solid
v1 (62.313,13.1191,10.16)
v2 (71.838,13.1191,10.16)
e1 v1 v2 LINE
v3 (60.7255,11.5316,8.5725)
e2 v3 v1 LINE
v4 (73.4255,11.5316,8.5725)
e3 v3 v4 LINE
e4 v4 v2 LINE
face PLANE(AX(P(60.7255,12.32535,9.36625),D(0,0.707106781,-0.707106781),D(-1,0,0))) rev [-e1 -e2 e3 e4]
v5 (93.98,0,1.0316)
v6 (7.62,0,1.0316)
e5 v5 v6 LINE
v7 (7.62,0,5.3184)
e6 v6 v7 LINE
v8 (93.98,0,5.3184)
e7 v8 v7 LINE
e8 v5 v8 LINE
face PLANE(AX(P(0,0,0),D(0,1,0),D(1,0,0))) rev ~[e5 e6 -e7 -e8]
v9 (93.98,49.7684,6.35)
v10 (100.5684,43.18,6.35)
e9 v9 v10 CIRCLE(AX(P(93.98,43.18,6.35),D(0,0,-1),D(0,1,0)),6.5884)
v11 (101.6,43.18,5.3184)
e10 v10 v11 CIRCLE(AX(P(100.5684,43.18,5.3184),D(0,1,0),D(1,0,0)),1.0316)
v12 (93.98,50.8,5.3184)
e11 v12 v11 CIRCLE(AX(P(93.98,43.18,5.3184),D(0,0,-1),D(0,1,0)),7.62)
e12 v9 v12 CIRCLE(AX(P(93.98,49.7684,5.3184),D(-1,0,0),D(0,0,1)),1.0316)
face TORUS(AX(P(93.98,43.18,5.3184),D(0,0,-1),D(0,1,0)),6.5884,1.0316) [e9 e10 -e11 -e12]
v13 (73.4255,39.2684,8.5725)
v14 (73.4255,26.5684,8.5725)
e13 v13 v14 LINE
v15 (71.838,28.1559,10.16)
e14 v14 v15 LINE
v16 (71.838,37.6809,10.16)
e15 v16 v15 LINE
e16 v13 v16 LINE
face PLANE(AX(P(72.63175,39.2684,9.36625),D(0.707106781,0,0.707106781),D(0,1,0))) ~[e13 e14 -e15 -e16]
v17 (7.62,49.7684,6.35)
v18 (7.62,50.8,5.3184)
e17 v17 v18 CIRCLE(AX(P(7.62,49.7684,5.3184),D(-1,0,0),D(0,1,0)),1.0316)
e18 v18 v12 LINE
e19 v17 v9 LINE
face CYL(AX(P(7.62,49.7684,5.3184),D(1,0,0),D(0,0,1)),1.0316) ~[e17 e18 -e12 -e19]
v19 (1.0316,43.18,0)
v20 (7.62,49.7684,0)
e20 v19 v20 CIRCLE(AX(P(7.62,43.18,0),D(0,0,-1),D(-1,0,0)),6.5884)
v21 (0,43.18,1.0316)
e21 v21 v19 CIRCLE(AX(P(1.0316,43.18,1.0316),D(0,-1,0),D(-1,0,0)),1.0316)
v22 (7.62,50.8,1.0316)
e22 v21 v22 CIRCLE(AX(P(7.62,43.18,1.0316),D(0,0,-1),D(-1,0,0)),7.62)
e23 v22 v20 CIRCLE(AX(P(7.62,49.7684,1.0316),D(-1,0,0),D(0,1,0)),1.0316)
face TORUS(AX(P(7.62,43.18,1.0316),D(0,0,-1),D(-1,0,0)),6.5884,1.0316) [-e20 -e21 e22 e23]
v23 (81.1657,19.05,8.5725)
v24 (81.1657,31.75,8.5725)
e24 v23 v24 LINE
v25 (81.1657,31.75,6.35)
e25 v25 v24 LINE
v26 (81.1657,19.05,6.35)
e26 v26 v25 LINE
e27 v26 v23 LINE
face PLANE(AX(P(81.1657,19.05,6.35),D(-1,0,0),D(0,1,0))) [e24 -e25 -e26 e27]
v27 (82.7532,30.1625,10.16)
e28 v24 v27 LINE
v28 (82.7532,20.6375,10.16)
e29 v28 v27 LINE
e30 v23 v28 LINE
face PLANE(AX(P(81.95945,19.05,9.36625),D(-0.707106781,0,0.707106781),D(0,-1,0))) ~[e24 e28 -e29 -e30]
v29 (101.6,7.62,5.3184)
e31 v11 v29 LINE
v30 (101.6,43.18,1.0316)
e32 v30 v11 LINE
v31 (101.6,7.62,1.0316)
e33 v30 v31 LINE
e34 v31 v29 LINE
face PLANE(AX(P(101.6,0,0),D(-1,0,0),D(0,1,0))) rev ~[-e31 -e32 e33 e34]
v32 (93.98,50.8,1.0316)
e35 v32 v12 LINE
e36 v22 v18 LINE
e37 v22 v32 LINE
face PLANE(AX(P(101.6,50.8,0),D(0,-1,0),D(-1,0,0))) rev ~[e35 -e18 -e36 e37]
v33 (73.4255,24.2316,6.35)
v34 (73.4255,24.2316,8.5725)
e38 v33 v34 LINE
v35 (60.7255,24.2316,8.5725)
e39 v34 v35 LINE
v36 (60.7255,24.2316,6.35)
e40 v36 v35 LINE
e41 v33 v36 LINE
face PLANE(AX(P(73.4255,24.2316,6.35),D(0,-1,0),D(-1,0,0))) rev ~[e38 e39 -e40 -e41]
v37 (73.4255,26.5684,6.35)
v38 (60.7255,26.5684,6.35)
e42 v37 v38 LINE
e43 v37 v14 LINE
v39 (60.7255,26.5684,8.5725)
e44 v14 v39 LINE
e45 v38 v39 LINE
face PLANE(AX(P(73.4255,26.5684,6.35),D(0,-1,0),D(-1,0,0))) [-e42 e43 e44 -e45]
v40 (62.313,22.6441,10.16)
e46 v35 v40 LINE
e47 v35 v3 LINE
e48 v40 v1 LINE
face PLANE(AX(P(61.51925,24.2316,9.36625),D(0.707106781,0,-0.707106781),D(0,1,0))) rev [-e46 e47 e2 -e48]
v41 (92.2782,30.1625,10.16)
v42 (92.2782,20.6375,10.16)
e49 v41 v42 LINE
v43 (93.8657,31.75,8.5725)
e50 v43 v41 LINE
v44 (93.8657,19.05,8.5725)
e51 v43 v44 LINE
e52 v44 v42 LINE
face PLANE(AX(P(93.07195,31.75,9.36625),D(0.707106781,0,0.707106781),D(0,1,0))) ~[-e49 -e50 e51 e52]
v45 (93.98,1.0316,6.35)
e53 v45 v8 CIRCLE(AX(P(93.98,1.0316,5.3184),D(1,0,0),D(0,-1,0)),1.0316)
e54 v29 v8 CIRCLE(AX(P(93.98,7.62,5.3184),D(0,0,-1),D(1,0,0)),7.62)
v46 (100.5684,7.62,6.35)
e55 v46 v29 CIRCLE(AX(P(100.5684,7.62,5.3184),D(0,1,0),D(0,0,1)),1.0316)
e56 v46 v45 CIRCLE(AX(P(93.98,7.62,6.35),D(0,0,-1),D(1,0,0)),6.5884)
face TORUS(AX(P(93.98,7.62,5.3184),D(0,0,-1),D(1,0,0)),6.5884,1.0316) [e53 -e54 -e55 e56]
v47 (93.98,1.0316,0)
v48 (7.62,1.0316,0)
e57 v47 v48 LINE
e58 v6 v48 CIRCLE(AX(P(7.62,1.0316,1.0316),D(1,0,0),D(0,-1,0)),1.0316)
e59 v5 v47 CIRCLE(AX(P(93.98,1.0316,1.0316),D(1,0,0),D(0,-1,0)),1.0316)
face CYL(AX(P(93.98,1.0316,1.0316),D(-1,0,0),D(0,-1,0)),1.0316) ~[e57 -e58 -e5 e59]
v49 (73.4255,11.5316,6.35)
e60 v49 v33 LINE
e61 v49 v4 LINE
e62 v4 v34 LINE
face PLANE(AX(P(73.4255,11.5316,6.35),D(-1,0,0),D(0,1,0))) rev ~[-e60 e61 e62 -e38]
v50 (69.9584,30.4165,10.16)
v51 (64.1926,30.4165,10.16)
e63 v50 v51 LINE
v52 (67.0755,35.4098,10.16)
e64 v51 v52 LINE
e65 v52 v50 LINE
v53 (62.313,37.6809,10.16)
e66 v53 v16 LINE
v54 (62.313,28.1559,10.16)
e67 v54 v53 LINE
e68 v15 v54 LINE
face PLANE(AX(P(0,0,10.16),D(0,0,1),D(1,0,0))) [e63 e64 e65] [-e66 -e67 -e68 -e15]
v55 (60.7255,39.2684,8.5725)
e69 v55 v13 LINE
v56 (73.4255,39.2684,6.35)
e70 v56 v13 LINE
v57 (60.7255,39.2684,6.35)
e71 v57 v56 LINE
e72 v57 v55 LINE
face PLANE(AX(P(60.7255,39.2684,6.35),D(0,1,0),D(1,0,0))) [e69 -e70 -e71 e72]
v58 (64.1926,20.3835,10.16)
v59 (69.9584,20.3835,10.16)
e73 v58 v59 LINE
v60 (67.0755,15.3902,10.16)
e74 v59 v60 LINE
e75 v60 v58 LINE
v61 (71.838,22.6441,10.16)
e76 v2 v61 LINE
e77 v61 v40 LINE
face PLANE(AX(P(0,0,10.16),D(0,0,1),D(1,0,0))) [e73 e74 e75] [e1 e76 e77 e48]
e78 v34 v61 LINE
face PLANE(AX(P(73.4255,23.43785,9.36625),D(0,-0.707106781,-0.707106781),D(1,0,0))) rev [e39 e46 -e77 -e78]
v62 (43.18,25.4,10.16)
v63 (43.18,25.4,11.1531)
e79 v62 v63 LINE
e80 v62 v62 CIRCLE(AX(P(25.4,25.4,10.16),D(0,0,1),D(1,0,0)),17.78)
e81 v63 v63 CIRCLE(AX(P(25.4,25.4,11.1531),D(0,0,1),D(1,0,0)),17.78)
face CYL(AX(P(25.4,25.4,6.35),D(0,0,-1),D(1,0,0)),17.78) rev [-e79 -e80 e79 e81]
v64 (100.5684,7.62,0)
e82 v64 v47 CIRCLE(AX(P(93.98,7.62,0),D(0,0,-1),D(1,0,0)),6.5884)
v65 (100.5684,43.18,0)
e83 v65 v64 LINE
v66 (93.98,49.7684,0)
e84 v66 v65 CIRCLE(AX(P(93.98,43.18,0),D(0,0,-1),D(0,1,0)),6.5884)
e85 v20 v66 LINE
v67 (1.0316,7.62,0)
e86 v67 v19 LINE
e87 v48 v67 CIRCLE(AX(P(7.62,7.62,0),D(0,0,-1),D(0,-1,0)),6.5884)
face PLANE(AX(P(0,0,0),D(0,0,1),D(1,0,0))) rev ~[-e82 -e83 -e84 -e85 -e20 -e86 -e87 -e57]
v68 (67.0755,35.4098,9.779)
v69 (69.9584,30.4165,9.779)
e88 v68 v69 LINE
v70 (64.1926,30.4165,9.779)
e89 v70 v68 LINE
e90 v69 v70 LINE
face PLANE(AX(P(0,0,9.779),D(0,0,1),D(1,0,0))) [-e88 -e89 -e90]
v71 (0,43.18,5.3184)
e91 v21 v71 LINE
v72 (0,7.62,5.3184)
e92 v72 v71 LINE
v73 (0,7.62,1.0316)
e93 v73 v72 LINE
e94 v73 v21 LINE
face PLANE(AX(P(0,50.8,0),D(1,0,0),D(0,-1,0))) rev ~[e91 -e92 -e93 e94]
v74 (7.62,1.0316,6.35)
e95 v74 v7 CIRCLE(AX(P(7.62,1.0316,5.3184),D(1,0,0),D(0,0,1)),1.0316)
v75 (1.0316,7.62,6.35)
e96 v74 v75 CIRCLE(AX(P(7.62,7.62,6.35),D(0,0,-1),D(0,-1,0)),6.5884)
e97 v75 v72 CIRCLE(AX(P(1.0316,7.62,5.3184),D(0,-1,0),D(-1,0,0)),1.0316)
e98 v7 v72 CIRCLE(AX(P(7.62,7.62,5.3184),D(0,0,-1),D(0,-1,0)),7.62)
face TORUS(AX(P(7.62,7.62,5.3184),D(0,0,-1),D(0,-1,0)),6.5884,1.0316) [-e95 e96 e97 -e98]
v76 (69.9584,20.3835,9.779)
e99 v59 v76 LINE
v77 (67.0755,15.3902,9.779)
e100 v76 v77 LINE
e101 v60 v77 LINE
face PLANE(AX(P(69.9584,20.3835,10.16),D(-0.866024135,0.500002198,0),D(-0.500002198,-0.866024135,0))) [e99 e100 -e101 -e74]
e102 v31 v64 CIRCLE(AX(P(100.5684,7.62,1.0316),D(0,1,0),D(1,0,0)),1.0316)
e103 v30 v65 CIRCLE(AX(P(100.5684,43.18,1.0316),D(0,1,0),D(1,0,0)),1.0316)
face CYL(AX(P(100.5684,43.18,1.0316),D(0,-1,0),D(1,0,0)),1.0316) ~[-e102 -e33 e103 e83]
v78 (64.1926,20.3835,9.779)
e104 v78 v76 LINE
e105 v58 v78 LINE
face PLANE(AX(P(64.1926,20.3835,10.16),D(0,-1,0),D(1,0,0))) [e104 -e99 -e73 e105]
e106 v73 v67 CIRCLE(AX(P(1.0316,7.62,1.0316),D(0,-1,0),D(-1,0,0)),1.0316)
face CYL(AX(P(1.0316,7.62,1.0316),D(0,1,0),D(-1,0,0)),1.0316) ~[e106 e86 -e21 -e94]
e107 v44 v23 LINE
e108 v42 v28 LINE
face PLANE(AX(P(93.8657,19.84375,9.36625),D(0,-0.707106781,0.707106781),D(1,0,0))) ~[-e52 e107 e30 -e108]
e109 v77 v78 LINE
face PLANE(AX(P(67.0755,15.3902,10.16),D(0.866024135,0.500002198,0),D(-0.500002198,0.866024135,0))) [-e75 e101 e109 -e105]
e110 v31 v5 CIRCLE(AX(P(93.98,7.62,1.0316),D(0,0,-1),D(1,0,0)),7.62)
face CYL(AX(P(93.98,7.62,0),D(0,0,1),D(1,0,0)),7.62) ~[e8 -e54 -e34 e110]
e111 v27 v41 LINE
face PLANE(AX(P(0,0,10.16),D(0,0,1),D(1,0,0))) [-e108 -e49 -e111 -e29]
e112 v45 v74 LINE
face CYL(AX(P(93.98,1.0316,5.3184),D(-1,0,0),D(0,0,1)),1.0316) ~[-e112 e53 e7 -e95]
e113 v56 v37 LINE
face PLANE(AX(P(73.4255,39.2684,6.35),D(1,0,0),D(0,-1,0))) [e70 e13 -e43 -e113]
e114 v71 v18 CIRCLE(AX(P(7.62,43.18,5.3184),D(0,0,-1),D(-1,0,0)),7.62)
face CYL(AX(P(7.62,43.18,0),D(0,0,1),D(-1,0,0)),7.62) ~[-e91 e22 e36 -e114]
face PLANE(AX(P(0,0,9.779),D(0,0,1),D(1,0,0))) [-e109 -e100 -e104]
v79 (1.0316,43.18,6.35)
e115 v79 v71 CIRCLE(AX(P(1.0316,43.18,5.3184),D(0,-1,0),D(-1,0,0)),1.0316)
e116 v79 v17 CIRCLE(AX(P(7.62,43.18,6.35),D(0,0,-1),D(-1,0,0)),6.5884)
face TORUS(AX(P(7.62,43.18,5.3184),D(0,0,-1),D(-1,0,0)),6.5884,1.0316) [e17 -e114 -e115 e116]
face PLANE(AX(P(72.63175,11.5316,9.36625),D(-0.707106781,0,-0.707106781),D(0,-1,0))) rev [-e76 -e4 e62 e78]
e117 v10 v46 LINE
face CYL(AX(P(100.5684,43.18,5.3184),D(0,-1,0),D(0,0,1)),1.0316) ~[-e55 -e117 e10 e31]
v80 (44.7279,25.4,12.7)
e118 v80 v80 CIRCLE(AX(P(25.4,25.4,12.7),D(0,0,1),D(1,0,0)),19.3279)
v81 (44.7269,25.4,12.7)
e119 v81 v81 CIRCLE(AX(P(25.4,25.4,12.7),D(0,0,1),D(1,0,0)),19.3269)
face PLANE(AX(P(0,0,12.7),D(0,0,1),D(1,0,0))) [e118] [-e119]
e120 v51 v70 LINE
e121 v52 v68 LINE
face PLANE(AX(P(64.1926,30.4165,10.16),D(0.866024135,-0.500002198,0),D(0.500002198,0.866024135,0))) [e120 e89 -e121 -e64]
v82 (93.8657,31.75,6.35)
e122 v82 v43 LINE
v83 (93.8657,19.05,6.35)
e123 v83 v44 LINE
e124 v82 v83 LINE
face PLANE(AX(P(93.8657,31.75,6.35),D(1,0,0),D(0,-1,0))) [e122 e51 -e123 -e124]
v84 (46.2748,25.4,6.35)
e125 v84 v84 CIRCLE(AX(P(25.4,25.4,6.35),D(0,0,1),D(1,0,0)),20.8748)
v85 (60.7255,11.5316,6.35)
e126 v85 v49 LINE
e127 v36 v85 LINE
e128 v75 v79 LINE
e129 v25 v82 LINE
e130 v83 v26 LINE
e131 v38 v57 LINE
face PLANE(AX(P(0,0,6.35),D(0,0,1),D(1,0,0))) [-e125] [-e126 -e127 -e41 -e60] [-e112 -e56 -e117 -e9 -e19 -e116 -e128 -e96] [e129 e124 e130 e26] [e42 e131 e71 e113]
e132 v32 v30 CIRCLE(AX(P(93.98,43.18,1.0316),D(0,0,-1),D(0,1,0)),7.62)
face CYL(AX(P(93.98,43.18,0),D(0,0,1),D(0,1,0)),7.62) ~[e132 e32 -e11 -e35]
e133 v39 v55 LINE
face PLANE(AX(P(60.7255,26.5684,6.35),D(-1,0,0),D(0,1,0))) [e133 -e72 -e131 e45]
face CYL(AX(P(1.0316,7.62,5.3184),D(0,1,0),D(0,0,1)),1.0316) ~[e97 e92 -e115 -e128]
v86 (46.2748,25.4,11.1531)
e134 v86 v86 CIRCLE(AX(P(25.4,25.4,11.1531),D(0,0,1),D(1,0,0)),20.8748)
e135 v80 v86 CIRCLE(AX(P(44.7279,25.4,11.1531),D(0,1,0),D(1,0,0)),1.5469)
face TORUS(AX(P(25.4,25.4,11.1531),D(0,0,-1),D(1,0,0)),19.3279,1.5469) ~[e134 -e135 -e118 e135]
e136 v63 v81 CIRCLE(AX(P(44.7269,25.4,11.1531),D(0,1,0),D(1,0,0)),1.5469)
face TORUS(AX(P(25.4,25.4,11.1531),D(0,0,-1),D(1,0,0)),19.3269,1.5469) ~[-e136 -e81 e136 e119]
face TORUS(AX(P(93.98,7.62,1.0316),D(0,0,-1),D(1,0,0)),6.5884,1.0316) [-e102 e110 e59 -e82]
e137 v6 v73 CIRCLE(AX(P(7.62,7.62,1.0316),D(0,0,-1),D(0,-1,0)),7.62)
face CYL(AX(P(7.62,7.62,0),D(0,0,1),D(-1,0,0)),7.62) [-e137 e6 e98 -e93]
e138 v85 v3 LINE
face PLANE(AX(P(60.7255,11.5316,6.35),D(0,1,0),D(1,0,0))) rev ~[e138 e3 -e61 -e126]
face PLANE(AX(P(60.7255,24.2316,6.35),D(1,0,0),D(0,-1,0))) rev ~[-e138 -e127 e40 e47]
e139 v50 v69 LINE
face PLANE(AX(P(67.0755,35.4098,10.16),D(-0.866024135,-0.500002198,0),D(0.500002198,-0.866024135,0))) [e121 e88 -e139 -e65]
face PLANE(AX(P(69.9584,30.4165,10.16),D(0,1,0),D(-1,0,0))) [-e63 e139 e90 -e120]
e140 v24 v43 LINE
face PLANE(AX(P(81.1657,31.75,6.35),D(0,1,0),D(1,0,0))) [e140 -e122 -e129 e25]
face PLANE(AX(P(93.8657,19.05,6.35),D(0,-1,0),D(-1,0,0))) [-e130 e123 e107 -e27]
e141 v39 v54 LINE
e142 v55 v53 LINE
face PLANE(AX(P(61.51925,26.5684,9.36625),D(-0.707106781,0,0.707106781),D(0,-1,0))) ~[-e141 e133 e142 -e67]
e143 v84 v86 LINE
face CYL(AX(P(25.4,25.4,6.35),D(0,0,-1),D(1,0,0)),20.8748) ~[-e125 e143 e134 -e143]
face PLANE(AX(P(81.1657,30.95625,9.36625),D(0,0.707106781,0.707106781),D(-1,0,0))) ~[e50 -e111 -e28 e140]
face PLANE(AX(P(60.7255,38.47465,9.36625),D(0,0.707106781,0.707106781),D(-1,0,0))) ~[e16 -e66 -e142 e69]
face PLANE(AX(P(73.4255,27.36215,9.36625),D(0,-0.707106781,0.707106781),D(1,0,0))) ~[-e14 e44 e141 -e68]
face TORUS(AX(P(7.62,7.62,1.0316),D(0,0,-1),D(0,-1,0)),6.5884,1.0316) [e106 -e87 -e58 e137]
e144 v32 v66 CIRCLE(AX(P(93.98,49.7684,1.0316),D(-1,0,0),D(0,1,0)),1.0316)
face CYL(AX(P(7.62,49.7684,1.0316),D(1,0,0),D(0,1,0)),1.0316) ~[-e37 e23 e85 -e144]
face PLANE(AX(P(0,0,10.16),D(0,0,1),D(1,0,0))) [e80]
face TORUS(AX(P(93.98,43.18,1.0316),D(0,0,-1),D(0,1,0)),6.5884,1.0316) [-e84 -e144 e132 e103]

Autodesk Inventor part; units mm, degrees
ref_plane "YZ Plane" through (0, 0, 0) normal (1, 0, 0) x (0, 1, 0)
ref_plane "XZ Plane" through (0, 0, 0) normal (0, 1, 0) x (-1, 0, 0)
ref_plane "XY Plane" through (0, 0, 0) normal (0, 0, 1) x (1, 0, 0)
sketch "Sketch1" plane through (0, 0, 0) normal (0, 0, 1) x (1, 0, 0)
  line L0 (0, 0) -> (101.6, 0)
  line L1 (101.6, 0) -> (101.6, 50.8)
  line L2 (101.6, 50.8) -> (0, 50.8)
  line L3 (0, 50.8) -> (0, 0)
  dimension "d0" = 101.6
  dimension "d1" = 50.8
extrude "Extrusion1" add sketch "Sketch1" along normal blind 6.35
fillet "Fillet1" radius 7.62 4 edges at (101.6, 50.8, 3.175) (101.6, 0, 3.175) (0, 50.8, 3.175) (0, 0, 3.175)
sketch "Sketch2" plane through (0, 0, 6.35) normal (0, 0, 1) x (1, 0, 0)
  circle A0 centre (25.4, 25.4) radius 20.8748
  line L0 (101.6, 7.62) -> (101.6, 43.18) projected
  circle A1 centre (25.4, 25.4) radius 17.78
  point P0 (0, 0)
  dimension "d5" = 76.2
  dimension "d13" = 3.0948
extrude "Extrusion2" add sketch "Sketch2" along normal blind 6.35 contours A0 | A1
extrude "Extrusion3" cut sketch "Sketch2" along normal blind 6.35 contours A1
extrude "Extrusion4" add sketch "Sketch2" along normal blind 3.81 contours A1
fillet "Fillet3" radius 1.5474 2 edges at (4.5252, 25.4, 12.7) (7.62, 25.4, 12.7)
sketch "Sketch3" plane through (0, 0, 6.35) normal (0, 0, 1) x (1, 0, 0)
  line L0 (60.7255, 39.2684) -> (73.4255, 39.2684)
  line L1 (73.4255, 39.2684) -> (73.4255, 26.5684)
  line L2 (73.4255, 26.5684) -> (60.7255, 26.5684)
  line L3 (60.7255, 26.5684) -> (60.7255, 39.2684)
  line L4 (60.7255, 11.5316) -> (73.4255, 11.5316)
  line L5 (73.4255, 11.5316) -> (73.4255, 24.2316)
  line L6 (73.4255, 24.2316) -> (60.7255, 24.2316)
  line L7 (60.7255, 24.2316) -> (60.7255, 11.5316)
  line L8 (93.98, 50.8) -> (7.62, 50.8) projected
  line L9 (7.62, 0) -> (93.98, 0) projected
  point P0 (0, 0)
  dimension "d15" = 12.7
  dimension "d16" = 12.7
  dimension "d17" = 12.7
  dimension "d18" = 12.7
  dimension "d19" = 11.5316
  dimension "d20" = 11.5316
extrude "Extrusion5" add sketch "Sketch3" along normal blind 3.81
chamfer "Chamfer1" distance 1.5875 angle 45 4 edges at (67.0755, 39.2684, 10.16) (73.4255, 32.9184, 10.16) (67.0755, 26.5684, 10.16) (60.7255, 32.9184, 10.16)
chamfer "Chamfer2" distance 1.5875 angle 45 4 edges at (67.0755, 24.2316, 10.16) (60.7255, 17.8816, 10.16) (67.0755, 11.5316, 10.16) (73.4255, 17.8816, 10.16)
sketch "Sketch4" plane through (0, 0, 10.16) normal (0, 0, 1) x (1, 0, 0)
  line L0 (64.1926, 30.4165) -> (67.0755, 35.4098)
  line L1 (64.1926, 30.4165) -> (69.9584, 30.4165) construction
  line L2 (67.0755, 35.4098) -> (69.9584, 30.4165)
  line L3 (69.9584, 30.4165) -> (64.1926, 30.4165)
  line L4 (62.313, 28.1559) -> (62.313, 37.6809) projected
  line L5 (71.838, 37.6809) -> (71.838, 28.1559) projected
  line L6 (71.838, 28.1559) -> (62.313, 28.1559) projected
  line L7 (64.1926, 20.3835) -> (69.9584, 20.3835)
  line L8 (69.9584, 20.3835) -> (67.0755, 15.3902)
  line L9 (67.0755, 15.3902) -> (64.1926, 20.3835)
  line L10 (62.313, 22.6441) -> (71.838, 22.6441) projected
  line L11 (62.313, 13.1191) -> (62.313, 22.6441) projected
  point P0 (0, 0)
  dimension "d29" = 60
  dimension "d30" = 60
  dimension "d31" = 1.8796
  dimension "d33" = 5.7658
  dimension "d35" = 2.2606
  dimension "d36" = 4.9933
  dimension "d37" = 5.7658
  dimension "d38" = 5.7658
  dimension "d39" = 60
  dimension "d40" = 2.2606
  dimension "d41" = 1.8796
extrude "Extrusion6" cut sketch "Sketch4" against normal blind 0.381
sketch "Sketch5" plane through (0, 0, 6.35) normal (0, 0, 1) x (1, 0, 0)
  line L0 (81.1657, 31.75) -> (93.8657, 31.75)
  line L1 (93.8657, 31.75) -> (93.8657, 19.05)
  line L2 (93.8657, 19.05) -> (81.1657, 19.05)
  line L3 (81.1657, 19.05) -> (81.1657, 31.75)
  line L4 (93.98, 50.8) -> (7.62, 50.8) projected
  line L5 (101.6, 7.62) -> (101.6, 43.18) projected
  point P0 (0, 0)
  dimension "d44" = 12.7
  dimension "d45" = 12.7
  dimension "d46" = 19.05
  dimension "d47" = 7.7343
extrude "Extrusion7" add sketch "Sketch5" along normal blind 3.81
chamfer "Chamfer3" distance 1.5875 angle 45 4 edges at (87.5157, 31.75, 10.16) (93.8657, 25.4, 10.16) (87.5157, 19.05, 10.16) (81.1657, 25.4, 10.16)
fillet "Fillet4" radius 1.0316 8 edges at (2.2318, 48.5682, 6.35) (0, 25.4, 6.35) (2.2318, 2.2318, 6.35) (50.8, 0, 6.35) (99.3682, 2.2318, 6.35) (101.6, 25.4, 6.35) (99.3682, 48.5682, 6.35) (50.8, 50.8, 6.35)
fillet "Fillet5" radius 1.0316 8 edges at (2.2318, 48.5682, 0) (0, 25.4, 0) (2.2318, 2.2318, 0) (50.8, 0, 0) (99.3682, 2.2318, 0) (101.6, 25.4, 0) (99.3682, 48.5682, 0) (50.8, 50.8, 0)
properties part number "Control Panel"
